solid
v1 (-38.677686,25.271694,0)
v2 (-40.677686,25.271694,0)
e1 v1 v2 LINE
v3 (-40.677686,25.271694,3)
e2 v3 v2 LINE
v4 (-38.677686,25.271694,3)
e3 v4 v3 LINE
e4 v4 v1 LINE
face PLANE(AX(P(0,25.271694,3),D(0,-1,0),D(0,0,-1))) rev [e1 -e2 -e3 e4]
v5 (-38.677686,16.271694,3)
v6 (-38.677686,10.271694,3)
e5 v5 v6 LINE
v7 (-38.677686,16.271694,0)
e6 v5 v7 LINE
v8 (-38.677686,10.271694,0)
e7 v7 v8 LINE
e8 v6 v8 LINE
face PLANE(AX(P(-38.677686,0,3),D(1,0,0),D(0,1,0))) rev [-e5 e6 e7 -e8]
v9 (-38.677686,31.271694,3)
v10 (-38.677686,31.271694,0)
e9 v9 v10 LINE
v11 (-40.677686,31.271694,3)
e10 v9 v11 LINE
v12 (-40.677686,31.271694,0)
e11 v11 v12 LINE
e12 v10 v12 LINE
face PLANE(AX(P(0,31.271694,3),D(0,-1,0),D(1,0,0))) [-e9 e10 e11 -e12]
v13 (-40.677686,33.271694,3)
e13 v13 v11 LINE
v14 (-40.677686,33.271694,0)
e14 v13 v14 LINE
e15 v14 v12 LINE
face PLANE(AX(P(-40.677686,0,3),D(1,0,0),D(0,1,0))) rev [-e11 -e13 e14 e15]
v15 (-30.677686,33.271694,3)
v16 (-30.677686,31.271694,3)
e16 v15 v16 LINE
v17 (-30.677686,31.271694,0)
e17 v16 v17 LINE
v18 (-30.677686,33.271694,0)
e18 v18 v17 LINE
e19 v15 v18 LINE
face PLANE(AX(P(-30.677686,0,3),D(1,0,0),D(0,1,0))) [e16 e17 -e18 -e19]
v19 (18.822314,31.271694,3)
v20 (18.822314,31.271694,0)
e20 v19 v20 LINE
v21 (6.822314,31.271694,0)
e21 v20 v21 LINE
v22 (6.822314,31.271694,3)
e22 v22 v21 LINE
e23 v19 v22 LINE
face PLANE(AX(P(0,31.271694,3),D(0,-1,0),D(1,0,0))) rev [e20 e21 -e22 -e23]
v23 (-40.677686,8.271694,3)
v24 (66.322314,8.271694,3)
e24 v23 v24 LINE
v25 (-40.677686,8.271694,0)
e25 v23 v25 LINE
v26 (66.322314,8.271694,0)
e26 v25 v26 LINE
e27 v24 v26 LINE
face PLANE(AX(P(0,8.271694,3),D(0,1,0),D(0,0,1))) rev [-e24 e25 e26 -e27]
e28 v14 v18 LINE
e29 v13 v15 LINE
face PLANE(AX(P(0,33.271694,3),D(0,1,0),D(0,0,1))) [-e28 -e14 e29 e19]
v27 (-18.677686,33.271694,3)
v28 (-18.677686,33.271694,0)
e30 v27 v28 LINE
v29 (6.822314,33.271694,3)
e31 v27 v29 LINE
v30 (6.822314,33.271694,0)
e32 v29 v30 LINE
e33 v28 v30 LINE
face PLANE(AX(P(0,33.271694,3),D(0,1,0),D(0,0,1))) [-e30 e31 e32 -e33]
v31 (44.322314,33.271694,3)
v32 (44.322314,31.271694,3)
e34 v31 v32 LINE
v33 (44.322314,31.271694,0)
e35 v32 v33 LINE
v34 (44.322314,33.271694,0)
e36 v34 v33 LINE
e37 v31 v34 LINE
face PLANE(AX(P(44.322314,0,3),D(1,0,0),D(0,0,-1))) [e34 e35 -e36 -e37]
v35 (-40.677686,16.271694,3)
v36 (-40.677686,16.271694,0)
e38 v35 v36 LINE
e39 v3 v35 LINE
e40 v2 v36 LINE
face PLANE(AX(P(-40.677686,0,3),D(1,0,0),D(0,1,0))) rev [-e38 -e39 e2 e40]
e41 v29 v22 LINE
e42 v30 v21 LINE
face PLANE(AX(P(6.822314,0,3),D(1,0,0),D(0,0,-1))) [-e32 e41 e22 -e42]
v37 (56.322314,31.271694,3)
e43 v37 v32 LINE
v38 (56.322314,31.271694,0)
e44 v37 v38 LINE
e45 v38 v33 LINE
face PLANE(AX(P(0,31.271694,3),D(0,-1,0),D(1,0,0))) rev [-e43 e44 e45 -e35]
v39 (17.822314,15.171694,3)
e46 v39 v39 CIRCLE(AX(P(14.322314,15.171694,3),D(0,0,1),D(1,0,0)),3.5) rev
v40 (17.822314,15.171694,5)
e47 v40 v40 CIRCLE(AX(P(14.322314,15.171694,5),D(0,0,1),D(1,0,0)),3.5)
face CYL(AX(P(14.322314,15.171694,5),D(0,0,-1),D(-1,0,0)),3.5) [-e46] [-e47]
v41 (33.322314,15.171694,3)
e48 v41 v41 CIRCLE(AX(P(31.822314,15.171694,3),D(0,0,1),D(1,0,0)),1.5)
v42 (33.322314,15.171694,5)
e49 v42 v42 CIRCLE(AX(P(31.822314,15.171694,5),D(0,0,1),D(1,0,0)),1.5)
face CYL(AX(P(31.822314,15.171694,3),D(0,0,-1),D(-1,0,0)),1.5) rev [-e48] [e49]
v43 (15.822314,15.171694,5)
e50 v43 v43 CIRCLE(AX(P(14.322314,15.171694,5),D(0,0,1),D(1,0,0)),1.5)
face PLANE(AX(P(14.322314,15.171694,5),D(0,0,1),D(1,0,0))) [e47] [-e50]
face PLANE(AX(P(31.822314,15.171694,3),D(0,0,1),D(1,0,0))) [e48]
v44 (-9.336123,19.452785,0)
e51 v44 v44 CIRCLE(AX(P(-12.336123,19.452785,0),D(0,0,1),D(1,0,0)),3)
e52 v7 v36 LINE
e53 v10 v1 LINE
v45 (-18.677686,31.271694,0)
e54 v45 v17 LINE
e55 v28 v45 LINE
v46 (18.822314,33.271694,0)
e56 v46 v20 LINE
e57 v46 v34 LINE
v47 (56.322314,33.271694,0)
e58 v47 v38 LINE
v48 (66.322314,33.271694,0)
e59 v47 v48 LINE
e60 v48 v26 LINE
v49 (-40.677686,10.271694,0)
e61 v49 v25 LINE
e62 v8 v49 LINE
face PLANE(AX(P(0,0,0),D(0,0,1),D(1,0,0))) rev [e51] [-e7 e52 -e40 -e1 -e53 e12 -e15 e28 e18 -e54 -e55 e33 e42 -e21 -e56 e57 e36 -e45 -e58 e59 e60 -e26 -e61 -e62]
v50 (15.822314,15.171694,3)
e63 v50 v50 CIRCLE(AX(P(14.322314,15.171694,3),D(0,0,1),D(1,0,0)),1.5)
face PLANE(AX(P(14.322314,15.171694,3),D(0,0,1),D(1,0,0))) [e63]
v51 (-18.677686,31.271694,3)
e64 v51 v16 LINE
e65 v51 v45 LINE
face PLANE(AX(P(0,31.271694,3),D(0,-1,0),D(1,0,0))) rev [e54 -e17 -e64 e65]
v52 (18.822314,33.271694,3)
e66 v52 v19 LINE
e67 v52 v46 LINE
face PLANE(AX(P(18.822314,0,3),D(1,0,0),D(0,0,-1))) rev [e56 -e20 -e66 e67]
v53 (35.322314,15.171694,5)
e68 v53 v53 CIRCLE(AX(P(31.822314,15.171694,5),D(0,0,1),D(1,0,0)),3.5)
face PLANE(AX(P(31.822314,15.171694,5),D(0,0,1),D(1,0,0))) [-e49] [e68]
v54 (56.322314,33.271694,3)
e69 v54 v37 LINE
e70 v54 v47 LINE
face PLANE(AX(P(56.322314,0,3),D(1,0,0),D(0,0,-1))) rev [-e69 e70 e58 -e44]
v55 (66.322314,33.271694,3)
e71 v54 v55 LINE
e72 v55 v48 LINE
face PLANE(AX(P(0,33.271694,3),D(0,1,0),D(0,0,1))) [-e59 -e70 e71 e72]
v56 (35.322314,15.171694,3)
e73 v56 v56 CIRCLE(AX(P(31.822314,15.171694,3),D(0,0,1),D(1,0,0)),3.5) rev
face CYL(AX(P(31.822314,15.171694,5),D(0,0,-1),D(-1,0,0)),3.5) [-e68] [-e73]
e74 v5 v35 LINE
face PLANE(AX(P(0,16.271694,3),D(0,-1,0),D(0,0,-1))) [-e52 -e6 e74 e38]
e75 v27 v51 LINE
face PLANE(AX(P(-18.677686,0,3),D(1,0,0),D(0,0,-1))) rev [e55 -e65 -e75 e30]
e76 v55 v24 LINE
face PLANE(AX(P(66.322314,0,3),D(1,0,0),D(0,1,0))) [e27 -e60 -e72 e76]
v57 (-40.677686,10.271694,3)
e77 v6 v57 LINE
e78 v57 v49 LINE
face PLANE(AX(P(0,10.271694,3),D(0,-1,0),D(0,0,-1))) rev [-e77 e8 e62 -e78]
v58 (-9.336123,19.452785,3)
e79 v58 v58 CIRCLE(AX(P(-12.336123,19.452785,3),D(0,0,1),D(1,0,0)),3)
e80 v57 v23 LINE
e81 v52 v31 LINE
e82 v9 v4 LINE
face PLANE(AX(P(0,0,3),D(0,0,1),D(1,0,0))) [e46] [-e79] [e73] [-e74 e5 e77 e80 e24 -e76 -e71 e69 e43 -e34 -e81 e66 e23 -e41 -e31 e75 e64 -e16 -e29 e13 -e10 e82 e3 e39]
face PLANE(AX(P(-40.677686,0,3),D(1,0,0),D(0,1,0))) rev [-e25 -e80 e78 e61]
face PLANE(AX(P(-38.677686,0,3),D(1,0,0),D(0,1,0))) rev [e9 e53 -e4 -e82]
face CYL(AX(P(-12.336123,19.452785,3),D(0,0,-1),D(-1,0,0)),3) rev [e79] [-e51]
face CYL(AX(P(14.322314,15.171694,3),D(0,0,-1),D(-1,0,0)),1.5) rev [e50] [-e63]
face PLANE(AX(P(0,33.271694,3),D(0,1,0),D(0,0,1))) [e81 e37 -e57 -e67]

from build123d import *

# Parameters (mm, degrees)
ESBO_O1_R                = 3
ESBO_O1_R_2              = 1.5
RESSALTO_EXTRUS_O1_DEPTH = 3
ESBO_O1_19_R             = 3.5
ESBO_O1_19_R_2           = 1.5
RESSALTO_EXTRUS_O2_DEPTH = 5
ESBO_O1_20_R             = 1.5
RESSALTO_EXTRUS_O3_DEPTH = 3


with BuildPart() as part:
    # Esboço1 → Ressalto-extrusão1 (new body)
    with BuildSketch(Plane.XY):
        Polygon((-30.67768595, 33.271694215), (-40.67768595, 33.271694215), (-40.67768595, 31.271694215), (-38.67768595, 31.271694215), (-38.67768595, 25.271694215), (-40.67768595, 25.271694215), (-40.67768595, 16.271694215), (-38.67768595, 16.271694215), (-38.67768595, 10.271694215), (-40.67768595, 10.271694215), (-40.67768595, 8.271694215), (66.32231405, 8.271694215), (66.32231405, 33.271694215), (56.32231405, 33.271694215), (56.32231405, 31.271694215), (44.32231405, 31.271694215), (44.32231405, 33.271694215), (18.82231405, 33.271694215), (18.82231405, 31.271694215), (6.82231405, 31.271694215), (6.82231405, 33.271694215), (-18.67768595, 33.271694215), (-18.67768595, 31.271694215), (-30.67768595, 31.271694215), align=None)
        with Locations((-12.336122998, 19.452784517)):
            Circle(ESBO_O1_R, mode=Mode.SUBTRACT)
        with Locations((14.32231405, 15.171694215)):
            Circle(ESBO_O1_R_2, mode=Mode.SUBTRACT)
        with Locations((31.82231405, 15.171694215)):
            Circle(ESBO_O1_R_2, mode=Mode.SUBTRACT)
    extrude(amount=RESSALTO_EXTRUS_O1_DEPTH)

    # Esboço1<19> → Ressalto-extrusão2 (add)
    with BuildSketch(Plane.XY):
        with Locations((14.32231405, 15.171694215)):
            Circle(ESBO_O1_19_R)
        with Locations((14.32231405, 15.171694215)):
            Circle(ESBO_O1_19_R_2, mode=Mode.SUBTRACT)
        with Locations((31.82231405, 15.171694215)):
            Circle(ESBO_O1_19_R)
        with Locations((31.82231405, 15.171694215)):
            Circle(ESBO_O1_19_R_2, mode=Mode.SUBTRACT)
    extrude(amount=RESSALTO_EXTRUS_O2_DEPTH)

    # Esboço1<20> → Ressalto-extrusão3 (add)
    with BuildSketch(Plane.XY):
        with Locations((14.32231405, 15.171694215)):
            Circle(ESBO_O1_20_R)
        with Locations((31.82231405, 15.171694215)):
            Circle(ESBO_O1_20_R)
    extrude(amount=RESSALTO_EXTRUS_O3_DEPTH)


solid = part.part
